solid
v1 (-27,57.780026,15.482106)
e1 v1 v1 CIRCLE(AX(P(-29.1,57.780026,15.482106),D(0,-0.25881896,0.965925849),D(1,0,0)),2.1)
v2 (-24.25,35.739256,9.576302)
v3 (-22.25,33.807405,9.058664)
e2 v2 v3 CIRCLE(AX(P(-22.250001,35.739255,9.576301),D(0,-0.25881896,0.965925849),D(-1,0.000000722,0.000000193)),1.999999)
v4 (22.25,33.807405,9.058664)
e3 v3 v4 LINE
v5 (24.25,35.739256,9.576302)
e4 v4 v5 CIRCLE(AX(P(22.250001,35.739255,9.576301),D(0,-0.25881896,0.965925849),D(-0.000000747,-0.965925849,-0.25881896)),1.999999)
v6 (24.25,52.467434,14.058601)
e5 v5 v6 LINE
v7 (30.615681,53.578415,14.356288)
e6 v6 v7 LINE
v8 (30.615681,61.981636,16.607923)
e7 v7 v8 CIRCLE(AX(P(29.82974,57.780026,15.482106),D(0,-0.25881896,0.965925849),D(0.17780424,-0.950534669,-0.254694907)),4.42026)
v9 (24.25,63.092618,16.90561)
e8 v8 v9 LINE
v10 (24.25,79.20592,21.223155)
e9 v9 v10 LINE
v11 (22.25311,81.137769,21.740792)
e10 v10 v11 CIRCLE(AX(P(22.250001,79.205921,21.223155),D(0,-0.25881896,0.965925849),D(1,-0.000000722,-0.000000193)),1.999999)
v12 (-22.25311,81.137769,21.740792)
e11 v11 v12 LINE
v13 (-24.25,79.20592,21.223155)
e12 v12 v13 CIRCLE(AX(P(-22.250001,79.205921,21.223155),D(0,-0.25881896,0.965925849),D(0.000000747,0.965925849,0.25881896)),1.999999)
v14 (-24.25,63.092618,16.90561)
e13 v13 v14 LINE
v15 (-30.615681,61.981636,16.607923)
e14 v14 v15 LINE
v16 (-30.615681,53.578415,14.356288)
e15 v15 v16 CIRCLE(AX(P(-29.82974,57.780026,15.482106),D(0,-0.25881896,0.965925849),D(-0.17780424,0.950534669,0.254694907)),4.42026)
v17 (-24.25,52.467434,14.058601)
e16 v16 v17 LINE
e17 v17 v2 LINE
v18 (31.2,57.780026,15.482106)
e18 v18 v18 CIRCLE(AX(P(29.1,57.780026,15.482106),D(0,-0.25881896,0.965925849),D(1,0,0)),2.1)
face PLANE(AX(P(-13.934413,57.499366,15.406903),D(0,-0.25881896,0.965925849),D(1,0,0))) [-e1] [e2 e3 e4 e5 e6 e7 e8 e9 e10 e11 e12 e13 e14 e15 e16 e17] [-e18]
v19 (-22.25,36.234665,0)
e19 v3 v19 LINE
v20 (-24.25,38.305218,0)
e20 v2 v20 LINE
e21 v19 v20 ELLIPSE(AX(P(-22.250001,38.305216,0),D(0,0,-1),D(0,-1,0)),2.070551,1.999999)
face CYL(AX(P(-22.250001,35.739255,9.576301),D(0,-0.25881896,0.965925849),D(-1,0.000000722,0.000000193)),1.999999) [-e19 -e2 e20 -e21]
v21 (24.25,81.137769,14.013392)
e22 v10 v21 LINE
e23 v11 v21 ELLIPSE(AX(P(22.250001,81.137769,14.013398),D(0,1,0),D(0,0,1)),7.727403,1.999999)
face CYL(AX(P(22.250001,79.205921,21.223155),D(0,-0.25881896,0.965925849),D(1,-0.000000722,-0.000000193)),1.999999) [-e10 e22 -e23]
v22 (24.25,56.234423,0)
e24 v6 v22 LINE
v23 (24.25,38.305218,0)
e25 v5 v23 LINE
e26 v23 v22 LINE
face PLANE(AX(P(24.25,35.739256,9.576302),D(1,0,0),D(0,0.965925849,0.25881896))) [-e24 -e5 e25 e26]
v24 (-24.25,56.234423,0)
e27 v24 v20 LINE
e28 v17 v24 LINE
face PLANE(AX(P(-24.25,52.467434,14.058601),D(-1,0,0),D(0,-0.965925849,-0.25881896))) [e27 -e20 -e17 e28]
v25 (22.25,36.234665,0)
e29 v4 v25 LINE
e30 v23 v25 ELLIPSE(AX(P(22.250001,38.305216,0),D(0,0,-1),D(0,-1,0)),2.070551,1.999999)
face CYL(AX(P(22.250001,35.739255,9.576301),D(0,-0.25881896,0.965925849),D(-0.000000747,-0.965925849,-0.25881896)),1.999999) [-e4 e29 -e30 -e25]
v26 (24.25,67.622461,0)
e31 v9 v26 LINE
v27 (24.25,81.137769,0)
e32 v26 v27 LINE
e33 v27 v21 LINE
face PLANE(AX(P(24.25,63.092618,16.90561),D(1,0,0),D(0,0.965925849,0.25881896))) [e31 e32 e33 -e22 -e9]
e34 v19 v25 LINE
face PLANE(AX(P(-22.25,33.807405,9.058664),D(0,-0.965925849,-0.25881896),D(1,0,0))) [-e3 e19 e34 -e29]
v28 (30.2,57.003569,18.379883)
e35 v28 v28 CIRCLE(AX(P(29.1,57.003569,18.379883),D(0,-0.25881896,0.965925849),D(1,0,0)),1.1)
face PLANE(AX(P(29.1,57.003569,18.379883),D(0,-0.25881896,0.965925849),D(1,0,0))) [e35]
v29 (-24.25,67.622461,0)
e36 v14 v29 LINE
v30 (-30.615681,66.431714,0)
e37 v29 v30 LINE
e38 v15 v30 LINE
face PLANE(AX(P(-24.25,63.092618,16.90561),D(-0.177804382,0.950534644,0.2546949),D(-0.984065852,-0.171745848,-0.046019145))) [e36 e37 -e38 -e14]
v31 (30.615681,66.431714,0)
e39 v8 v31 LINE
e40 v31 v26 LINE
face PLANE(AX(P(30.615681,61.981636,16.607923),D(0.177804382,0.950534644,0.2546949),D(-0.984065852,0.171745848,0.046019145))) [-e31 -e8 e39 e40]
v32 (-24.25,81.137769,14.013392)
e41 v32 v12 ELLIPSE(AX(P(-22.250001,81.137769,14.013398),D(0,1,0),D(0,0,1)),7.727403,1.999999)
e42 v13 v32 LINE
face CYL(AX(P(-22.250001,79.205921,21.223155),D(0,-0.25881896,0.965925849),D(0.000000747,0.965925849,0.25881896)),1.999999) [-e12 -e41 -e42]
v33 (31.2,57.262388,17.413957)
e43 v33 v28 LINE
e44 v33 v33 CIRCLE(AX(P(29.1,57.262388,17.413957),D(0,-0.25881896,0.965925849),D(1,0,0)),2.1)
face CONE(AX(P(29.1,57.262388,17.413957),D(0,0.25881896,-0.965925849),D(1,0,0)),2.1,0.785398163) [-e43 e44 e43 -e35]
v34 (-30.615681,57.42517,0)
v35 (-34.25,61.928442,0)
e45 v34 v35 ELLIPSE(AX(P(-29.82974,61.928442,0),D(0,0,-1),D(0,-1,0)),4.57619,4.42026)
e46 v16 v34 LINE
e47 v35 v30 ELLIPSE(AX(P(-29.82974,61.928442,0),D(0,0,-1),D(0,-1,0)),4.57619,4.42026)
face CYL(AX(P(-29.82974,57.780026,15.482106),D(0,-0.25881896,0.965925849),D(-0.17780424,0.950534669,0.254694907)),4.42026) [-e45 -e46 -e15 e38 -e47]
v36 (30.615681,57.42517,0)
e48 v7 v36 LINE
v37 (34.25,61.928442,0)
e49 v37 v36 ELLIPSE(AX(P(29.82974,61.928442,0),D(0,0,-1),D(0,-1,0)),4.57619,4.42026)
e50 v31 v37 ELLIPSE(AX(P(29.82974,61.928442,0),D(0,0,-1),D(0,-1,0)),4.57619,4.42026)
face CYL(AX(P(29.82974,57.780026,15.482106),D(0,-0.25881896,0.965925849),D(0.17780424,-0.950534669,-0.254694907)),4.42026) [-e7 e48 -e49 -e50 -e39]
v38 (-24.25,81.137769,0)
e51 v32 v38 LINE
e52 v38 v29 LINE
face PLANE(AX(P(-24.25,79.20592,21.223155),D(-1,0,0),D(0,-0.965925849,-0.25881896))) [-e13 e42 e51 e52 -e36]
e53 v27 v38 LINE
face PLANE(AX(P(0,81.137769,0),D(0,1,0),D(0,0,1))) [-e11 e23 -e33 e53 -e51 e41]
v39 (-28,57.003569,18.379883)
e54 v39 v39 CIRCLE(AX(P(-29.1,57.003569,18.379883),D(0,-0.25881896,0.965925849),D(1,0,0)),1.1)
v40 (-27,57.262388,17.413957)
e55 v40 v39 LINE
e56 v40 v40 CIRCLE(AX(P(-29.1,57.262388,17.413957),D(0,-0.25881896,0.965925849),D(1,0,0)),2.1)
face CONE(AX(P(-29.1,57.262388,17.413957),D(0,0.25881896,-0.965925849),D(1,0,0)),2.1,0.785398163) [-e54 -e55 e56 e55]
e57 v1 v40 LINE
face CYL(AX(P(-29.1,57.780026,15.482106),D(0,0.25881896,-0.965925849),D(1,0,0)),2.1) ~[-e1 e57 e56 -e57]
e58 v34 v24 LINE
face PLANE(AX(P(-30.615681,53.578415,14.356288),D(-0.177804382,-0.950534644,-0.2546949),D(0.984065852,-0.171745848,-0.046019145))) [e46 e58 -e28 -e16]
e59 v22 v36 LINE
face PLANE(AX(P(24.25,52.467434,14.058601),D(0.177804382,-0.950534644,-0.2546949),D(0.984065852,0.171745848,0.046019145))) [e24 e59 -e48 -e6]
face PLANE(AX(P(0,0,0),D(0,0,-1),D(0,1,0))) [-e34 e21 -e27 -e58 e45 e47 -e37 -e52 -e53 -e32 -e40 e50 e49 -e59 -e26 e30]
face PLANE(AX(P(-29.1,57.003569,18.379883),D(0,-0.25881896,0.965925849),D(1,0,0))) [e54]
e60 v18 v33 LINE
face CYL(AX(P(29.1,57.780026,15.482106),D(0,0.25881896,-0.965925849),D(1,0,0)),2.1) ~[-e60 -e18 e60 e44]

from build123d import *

# Parameters (mm, degrees)
F1_DEPTH = 34.25
F2_R     = 2.1
F3_DEPTH = 30
F5_DEPTH = 3
F6_SIZE  = 1


with BuildPart() as f1:
    # F0 (on Right) → F1 (new body, symmetric)
    with BuildSketch(Plane.YZ):
        Polygon((81.137769, 21.7408), (0, 0), (81.137769, 0), align=None)
    extrude(amount=F1_DEPTH, both=True)


with BuildPart() as f3:
    # F2 (on face) → F3 (new body)
    with BuildSketch(Plane(origin=(0, 0, 0), x_dir=(1, 0, 0), z_dir=(0, -0.258819, 0.965926))):
        with BuildLine():
            Line((-22.25, 35), (0, 35))
            Line((0, 35), (0, 84))
            Line((0, 84), (-22.25, 84))
            ThreePointArc((-22.25, 84), (-23.664214, 83.414214), (-24.25, 82))
            Line((-24.25, 82), (-24.25, 65.318283))
            Line((-24.25, 65.318283), (-30.615681, 64.16811))
            ThreePointArc((-30.615681, 64.16811), (-34.25, 59.818283), (-30.615681, 55.468456))
            Line((-30.615681, 55.468456), (-24.25, 54.318283))
            Line((-24.25, 54.318283), (-24.25, 37))
            ThreePointArc((-24.25, 37), (-23.664214, 35.585786), (-22.25, 35))
        make_face()
        with Locations((-29.1, 59.818283)):
            Circle(F2_R, mode=Mode.SUBTRACT)
        with BuildLine():
            Line((0, 84), (0, 35))
            Line((0, 35), (22.25, 35))
            ThreePointArc((22.25, 35), (23.664214, 35.585786), (24.25, 37))
            Line((24.25, 37), (24.25, 54.318283))
            Line((24.25, 54.318283), (30.615681, 55.468456))
            ThreePointArc((30.615681, 55.468456), (34.25, 59.818283), (30.615681, 64.16811))
            Line((30.615681, 64.16811), (24.25, 65.318283))
            Line((24.25, 65.318283), (24.25, 82))
            ThreePointArc((24.25, 82), (23.664214, 83.414214), (22.25, 84))
            Line((22.25, 84), (0, 84))
        make_face()
        with Locations((29.1, 59.818283)):
            Circle(F2_R, mode=Mode.SUBTRACT)
        with Locations((29.1, 59.818283)):
            Circle(F2_R)
        with Locations((-29.1, 59.818283)):
            Circle(F2_R)
    extrude(amount=-F3_DEPTH)

    # F4: intersect F1
    add(f1.part, mode=Mode.INTERSECT)

    # F2 (on face) → F5 (join)
    with BuildSketch(Plane(origin=(0, 0, 0), x_dir=(1, 0, 0), z_dir=(0, -0.258819, 0.965926))):
        with Locations((29.1, 59.818283)):
            Circle(F2_R)
        with Locations((-29.1, 59.818283)):
            Circle(F2_R)
    extrude(amount=F5_DEPTH)

    # F6
    f6_edges = [f3.edges().sort_by_distance(p)[0] for p in [
        (27, 57.003567, 18.379888),
        (-31.2, 57.003567, 18.379888),
    ]]
    chamfer(f6_edges, length=F6_SIZE)


solid = f3.part
